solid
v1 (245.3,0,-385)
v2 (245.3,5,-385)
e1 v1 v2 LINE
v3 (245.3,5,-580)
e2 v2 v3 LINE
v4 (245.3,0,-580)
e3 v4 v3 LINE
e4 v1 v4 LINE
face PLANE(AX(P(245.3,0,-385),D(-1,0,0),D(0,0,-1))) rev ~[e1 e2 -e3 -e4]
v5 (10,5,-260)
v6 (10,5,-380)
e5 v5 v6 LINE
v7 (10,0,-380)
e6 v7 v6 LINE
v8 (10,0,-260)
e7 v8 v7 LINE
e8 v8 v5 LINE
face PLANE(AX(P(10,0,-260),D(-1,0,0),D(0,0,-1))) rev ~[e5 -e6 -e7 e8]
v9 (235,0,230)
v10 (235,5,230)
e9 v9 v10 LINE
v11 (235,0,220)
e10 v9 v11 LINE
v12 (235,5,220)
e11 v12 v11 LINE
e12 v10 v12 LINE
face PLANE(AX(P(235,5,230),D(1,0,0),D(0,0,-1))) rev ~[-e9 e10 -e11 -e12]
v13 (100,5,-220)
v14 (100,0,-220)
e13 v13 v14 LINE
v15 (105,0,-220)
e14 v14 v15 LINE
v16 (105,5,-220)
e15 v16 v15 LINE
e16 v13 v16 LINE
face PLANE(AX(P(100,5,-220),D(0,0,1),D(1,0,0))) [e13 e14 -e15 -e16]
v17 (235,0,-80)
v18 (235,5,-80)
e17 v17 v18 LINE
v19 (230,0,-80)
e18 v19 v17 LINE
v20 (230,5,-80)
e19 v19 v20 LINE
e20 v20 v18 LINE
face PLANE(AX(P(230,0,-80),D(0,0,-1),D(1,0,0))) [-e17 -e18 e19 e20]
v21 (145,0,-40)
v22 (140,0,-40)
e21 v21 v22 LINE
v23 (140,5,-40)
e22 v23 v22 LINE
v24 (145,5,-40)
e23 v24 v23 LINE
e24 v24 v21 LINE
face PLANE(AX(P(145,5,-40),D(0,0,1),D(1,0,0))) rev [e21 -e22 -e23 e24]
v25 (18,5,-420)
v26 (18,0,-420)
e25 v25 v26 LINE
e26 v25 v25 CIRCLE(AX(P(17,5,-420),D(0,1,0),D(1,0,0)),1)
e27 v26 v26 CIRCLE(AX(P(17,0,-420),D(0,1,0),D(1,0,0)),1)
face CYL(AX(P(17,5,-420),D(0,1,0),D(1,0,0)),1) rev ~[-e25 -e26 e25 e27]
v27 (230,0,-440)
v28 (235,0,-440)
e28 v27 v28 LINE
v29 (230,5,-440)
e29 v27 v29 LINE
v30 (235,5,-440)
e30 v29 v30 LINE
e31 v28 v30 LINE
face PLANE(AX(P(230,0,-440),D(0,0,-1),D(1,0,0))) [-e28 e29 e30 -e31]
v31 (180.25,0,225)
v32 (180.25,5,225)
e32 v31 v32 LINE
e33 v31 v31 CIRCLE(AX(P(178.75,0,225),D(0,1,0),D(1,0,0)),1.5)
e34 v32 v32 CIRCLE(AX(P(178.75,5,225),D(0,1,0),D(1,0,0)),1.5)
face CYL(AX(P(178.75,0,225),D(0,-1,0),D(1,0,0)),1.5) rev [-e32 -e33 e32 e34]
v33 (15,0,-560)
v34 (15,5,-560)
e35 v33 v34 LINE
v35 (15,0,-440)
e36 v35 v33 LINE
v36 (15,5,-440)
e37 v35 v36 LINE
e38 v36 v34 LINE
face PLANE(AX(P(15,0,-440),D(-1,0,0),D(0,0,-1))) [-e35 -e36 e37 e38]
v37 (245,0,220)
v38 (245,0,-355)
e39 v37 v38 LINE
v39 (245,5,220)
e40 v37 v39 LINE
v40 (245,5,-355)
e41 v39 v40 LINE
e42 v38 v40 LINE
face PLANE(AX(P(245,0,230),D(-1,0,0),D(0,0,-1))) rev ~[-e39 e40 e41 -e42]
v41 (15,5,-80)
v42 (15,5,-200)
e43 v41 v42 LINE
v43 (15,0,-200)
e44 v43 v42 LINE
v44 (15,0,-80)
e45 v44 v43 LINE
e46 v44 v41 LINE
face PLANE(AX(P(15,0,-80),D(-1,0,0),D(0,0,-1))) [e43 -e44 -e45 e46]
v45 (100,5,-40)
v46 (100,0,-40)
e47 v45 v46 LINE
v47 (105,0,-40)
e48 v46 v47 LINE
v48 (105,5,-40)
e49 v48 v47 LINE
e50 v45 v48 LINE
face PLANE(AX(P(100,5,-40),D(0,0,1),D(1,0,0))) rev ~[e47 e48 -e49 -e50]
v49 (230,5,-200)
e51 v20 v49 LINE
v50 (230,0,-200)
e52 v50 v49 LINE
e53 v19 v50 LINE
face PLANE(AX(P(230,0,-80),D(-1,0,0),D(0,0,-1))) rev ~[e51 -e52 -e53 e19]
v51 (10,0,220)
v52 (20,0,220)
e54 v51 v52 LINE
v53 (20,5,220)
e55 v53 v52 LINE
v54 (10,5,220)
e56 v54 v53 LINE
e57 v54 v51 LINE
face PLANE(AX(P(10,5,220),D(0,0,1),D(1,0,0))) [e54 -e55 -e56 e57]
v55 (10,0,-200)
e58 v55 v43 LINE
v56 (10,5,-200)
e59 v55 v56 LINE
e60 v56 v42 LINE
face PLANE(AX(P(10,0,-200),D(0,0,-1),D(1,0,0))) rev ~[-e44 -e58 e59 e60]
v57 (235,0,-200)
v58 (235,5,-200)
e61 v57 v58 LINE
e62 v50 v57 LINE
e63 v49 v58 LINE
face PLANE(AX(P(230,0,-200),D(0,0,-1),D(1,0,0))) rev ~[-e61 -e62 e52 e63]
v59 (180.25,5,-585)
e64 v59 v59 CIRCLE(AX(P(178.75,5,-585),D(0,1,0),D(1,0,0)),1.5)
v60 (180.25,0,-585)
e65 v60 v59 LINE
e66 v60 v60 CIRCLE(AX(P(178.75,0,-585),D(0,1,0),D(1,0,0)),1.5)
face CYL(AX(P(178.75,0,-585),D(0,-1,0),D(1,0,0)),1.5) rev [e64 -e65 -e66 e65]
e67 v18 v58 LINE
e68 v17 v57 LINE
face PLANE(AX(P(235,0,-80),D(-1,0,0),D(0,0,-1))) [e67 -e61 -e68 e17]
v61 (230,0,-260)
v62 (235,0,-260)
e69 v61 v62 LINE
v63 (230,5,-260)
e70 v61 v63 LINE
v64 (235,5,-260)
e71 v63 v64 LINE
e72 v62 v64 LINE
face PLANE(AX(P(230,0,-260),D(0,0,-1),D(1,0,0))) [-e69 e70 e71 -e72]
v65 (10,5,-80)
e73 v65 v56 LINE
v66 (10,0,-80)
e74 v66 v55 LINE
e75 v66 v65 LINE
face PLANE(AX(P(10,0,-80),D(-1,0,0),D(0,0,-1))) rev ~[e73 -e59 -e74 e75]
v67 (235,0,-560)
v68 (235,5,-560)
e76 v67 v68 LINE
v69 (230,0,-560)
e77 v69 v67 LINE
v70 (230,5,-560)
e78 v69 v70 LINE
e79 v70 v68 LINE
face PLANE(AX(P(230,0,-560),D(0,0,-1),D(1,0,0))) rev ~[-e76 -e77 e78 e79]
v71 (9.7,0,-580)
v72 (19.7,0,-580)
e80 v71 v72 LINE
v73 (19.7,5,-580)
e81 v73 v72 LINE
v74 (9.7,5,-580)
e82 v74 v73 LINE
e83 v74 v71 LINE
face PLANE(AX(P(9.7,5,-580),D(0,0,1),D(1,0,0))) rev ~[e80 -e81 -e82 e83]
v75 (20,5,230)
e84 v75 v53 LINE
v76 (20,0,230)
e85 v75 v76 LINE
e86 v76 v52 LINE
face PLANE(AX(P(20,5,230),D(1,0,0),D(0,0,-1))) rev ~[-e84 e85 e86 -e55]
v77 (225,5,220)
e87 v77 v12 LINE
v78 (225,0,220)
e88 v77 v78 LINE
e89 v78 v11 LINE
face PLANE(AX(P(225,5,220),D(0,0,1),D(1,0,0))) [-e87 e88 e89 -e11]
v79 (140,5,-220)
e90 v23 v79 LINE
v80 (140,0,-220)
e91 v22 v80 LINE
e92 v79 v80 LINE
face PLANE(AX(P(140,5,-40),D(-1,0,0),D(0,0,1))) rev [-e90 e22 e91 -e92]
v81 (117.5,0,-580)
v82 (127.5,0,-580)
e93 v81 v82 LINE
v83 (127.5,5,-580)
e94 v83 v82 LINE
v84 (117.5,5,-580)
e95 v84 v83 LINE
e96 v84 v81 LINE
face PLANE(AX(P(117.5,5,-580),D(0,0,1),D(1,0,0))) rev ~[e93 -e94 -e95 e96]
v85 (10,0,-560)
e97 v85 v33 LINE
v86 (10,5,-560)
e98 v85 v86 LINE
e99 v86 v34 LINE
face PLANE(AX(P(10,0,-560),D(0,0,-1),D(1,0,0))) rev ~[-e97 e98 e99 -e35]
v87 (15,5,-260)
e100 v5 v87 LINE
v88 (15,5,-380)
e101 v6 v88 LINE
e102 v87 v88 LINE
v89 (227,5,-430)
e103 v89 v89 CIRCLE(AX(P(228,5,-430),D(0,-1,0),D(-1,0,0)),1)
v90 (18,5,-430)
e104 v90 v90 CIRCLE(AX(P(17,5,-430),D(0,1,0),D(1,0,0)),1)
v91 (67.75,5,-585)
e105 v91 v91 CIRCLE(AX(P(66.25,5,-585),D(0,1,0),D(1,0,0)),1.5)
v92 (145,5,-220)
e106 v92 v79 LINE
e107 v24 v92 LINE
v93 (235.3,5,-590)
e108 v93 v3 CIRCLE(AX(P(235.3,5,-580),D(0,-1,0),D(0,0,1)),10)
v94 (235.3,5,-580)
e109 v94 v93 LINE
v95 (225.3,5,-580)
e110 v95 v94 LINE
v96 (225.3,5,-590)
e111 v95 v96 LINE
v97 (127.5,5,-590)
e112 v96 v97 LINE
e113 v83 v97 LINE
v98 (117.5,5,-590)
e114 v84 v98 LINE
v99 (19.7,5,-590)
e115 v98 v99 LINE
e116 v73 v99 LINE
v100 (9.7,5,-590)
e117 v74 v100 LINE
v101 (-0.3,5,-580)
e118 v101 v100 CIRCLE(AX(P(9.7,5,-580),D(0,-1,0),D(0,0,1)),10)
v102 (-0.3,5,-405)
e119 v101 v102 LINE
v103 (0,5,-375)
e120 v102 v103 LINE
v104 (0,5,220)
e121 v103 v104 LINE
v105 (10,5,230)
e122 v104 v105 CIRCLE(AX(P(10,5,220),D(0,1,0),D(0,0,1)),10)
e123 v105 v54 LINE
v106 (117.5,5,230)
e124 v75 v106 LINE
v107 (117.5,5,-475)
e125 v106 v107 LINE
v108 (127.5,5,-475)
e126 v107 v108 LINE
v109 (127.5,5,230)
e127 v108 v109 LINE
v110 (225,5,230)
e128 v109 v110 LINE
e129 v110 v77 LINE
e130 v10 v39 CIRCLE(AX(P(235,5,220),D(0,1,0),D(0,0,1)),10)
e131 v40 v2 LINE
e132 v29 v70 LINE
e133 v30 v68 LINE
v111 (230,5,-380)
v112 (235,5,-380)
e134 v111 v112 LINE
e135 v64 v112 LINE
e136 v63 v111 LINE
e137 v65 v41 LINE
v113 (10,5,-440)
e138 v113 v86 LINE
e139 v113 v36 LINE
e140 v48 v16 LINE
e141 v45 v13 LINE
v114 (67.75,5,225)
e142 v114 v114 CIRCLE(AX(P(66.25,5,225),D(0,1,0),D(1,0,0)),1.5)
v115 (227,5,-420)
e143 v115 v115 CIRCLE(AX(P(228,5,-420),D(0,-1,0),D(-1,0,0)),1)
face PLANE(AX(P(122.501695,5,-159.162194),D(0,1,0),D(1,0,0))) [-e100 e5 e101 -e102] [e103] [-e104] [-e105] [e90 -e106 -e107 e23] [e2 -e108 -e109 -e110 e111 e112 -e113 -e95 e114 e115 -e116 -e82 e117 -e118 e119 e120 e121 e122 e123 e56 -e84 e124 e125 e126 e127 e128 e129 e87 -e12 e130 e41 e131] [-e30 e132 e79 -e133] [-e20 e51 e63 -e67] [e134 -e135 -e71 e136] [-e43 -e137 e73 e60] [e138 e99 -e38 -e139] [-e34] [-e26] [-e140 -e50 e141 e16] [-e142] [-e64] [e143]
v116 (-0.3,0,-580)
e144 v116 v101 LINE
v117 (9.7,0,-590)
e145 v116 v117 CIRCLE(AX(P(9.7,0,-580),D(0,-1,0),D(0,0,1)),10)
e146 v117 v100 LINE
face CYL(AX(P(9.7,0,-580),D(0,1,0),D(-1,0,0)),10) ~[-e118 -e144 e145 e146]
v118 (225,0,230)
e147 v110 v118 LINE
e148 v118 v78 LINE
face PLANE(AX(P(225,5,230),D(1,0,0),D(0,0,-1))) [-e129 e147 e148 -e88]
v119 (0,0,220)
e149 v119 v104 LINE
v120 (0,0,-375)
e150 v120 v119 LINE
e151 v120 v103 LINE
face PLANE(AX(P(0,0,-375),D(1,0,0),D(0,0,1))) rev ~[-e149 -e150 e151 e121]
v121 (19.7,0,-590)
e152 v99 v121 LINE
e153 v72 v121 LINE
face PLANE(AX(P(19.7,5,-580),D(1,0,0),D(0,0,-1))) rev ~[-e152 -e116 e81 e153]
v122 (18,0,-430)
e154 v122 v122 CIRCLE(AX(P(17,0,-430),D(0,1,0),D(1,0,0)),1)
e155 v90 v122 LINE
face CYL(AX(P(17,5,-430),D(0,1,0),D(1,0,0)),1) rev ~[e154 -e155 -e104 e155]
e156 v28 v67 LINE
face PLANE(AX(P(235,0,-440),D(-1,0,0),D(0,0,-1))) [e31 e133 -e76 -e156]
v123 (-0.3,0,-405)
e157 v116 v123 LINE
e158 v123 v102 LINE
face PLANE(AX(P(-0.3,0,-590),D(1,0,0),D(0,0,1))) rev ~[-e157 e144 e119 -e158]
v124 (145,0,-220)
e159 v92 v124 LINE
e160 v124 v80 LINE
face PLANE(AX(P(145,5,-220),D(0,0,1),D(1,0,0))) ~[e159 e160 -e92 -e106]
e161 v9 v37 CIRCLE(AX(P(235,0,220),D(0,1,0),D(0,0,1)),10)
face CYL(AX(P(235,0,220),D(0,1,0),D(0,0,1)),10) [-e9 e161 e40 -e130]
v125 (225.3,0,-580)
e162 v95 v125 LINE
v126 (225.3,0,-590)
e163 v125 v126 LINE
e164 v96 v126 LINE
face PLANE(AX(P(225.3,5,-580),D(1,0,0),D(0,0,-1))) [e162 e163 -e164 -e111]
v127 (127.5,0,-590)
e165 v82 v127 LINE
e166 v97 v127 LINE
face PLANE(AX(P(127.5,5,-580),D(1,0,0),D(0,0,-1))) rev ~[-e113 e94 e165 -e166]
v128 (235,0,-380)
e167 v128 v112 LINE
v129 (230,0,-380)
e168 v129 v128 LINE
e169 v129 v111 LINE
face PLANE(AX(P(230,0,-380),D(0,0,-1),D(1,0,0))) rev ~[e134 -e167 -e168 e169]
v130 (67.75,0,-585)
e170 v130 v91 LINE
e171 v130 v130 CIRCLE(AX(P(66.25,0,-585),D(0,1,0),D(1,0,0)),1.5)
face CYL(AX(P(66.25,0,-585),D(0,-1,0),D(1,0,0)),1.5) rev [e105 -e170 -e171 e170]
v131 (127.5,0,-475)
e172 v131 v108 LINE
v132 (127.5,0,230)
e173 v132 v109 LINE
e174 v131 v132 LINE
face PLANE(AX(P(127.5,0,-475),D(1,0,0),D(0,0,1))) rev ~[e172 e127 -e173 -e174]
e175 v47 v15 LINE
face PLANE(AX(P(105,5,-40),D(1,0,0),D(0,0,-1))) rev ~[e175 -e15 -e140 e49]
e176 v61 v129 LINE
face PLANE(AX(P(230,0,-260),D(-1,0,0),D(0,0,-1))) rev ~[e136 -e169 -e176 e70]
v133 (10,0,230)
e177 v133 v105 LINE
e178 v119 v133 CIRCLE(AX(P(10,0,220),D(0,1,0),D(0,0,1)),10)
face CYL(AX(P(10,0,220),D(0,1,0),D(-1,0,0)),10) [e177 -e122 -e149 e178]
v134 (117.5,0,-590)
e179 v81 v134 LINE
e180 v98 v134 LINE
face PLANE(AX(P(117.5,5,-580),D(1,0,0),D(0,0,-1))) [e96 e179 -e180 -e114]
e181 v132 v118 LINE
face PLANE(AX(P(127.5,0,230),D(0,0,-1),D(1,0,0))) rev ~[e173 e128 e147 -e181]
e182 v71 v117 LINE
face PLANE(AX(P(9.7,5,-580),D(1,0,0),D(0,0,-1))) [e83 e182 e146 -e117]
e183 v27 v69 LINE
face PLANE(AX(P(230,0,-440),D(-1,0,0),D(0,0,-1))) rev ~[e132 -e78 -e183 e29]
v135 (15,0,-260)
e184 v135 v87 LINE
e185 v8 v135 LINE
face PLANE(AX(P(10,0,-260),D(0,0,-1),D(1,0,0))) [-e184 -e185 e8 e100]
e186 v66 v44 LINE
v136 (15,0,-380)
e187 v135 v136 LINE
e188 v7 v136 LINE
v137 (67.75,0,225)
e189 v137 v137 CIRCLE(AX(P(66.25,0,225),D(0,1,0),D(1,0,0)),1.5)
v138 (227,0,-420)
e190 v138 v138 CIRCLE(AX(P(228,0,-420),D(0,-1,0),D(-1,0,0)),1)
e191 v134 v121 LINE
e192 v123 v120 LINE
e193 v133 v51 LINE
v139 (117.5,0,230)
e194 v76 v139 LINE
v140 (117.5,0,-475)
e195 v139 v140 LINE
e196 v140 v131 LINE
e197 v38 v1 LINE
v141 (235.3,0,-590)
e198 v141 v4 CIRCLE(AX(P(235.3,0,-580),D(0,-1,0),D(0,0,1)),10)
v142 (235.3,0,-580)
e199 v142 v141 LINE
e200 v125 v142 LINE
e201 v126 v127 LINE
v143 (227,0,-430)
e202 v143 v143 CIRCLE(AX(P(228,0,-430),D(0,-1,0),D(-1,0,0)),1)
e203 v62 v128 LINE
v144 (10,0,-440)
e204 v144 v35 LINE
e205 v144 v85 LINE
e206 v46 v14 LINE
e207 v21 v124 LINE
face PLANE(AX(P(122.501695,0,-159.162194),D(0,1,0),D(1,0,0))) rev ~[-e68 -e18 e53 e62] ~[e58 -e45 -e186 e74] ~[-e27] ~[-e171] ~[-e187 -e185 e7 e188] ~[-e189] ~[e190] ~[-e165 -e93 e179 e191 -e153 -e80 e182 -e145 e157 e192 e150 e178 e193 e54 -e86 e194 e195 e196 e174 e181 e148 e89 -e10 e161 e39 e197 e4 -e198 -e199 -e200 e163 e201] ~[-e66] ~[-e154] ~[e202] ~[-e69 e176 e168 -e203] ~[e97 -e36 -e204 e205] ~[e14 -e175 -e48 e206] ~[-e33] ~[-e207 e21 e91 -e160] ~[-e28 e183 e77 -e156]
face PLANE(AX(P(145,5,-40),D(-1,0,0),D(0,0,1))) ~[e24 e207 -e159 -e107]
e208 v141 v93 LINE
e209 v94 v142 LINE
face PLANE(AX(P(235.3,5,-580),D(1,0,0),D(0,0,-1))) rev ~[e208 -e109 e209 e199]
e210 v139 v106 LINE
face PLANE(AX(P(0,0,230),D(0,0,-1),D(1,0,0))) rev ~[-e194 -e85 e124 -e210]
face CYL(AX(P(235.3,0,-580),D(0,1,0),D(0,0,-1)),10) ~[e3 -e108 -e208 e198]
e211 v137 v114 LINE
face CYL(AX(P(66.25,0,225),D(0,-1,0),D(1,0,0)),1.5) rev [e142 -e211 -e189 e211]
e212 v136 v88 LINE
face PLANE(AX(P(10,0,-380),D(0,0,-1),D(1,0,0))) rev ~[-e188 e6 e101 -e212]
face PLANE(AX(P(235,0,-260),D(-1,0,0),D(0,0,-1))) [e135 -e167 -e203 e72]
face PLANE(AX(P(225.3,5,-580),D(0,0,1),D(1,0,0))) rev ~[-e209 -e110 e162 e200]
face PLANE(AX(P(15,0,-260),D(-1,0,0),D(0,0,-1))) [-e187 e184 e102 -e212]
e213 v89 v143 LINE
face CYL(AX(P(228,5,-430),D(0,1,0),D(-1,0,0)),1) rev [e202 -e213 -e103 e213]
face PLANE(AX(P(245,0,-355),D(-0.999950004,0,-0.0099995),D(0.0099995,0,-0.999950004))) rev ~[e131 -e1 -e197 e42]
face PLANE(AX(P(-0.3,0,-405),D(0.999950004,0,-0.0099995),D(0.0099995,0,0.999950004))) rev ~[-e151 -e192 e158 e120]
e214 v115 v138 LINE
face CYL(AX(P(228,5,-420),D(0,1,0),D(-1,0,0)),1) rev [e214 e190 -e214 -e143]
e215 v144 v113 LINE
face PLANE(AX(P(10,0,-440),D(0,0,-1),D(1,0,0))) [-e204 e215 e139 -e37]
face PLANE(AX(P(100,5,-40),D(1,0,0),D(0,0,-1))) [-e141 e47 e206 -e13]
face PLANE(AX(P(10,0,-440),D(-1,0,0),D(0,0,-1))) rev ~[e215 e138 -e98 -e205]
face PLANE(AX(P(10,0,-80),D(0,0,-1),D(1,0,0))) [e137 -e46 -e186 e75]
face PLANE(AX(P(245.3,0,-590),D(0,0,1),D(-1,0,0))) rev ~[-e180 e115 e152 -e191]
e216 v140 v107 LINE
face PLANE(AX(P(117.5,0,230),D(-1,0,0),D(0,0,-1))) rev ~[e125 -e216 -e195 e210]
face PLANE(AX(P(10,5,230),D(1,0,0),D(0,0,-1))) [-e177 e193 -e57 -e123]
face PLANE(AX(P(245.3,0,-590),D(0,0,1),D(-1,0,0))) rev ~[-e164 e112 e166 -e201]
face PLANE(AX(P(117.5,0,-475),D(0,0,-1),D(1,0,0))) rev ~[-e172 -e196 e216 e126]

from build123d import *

# Parameters (mm, degrees)
SKETCH2_R           = 1.5
SKETCH2_W           = 5
SKETCH2_H           = 120
BOSS_EXTRUDE1_DEPTH = 5
SKETCH3_R           = 1
SKETCH3_W           = 5
SKETCH3_H           = 180
CUT_EXTRUDE1_DEPTH  = 5
FILLET1_R           = 10
SKETCH4_W           = 10
SKETCH4_H           = 10
CUT_EXTRUDE2_DEPTH  = 10


with BuildPart() as part:
    # Sketch2 → Boss-Extrude1 (new body)
    with BuildSketch(Plane(origin=(0, 0, 0), x_dir=(1, 0, 0), z_dir=(0, 1, 0))):
        Polygon((0, 375), (0, 0), (0, -230), (10, -230), (15, -230), (117.5, -230), (117.5, 475), (127.5, 475), (127.5, -230), (230, -230), (235, -230), (245, -230), (245, -10), (245, 355), (245.3, 385), (245.3, 590), (245, 590), (0, 590), (-0.3, 590), (-0.3, 405), align=None)
        with Locations((66.25, -225)):
            Circle(SKETCH2_R, mode=Mode.SUBTRACT)
        with Locations((12.5, 140)):
            Rectangle(SKETCH2_W, SKETCH2_H, mode=Mode.SUBTRACT)
        with Locations((178.75, -225)):
            Circle(SKETCH2_R, mode=Mode.SUBTRACT)
        with Locations((232.5, 140)):
            Rectangle(SKETCH2_W, SKETCH2_H, mode=Mode.SUBTRACT)
        with Locations((12.5, 320)):
            Rectangle(SKETCH2_W, SKETCH2_H, mode=Mode.SUBTRACT)
        with Locations((12.5, 500)):
            Rectangle(SKETCH2_W, SKETCH2_H, mode=Mode.SUBTRACT)
        with Locations((66.25, 585)):
            Circle(SKETCH2_R, mode=Mode.SUBTRACT)
        with Locations((232.5, 320)):
            Rectangle(SKETCH2_W, SKETCH2_H, mode=Mode.SUBTRACT)
        with Locations((178.75, 585)):
            Circle(SKETCH2_R, mode=Mode.SUBTRACT)
        with Locations((232.5, 500)):
            Rectangle(SKETCH2_W, SKETCH2_H, mode=Mode.SUBTRACT)
    extrude(amount=BOSS_EXTRUDE1_DEPTH)

    # Sketch3 → Cut-Extrude1 (cut)
    with BuildSketch(Plane(origin=(0, 5, 0), x_dir=(1, 0, 0), z_dir=(0, 1, 0))):
        with Locations((17, 420)):
            Circle(SKETCH3_R)
        with Locations((17, 430)):
            Circle(SKETCH3_R)
        with Locations((102.5, 130)):
            Rectangle(SKETCH3_W, SKETCH3_H)
    cut_extrude1 = extrude(amount=-CUT_EXTRUDE1_DEPTH, mode=Mode.SUBTRACT)

    # Mirror1: Cut-Extrude1 across plane
    add(cut_extrude1.mirror(Plane.ZY.offset(-122.5)), mode=Mode.SUBTRACT)

    # Fillet1
    fillet1_edges = [part.edges().sort_by_distance(p)[0] for p in [
        (245, 2.5, 230),
        (0, 2.5, 230),
        (-0.3, 2.5, -590),
        (245.3, 2.5, -590),
    ]]
    fillet(fillet1_edges, radius=FILLET1_R)

    # Sketch4 → Cut-Extrude2 (cut)
    with BuildSketch(Plane(origin=(0, 5, 0), x_dir=(1, 0, 0), z_dir=(0, 1, 0))):
        with Locations((15, -225)):
            Rectangle(SKETCH4_W, SKETCH4_H)
        with Locations((230, -225)):
            Rectangle(SKETCH4_W, SKETCH4_H)
        with Locations((14.7, 585)):
            Rectangle(SKETCH4_W, SKETCH4_H)
        with Locations((230.3, 585)):
            Rectangle(SKETCH4_W, SKETCH4_H)
        with Locations((122.5, 585)):
            Rectangle(SKETCH4_W, SKETCH4_H)
    extrude(amount=-CUT_EXTRUDE2_DEPTH, mode=Mode.SUBTRACT)


solid = part.part
